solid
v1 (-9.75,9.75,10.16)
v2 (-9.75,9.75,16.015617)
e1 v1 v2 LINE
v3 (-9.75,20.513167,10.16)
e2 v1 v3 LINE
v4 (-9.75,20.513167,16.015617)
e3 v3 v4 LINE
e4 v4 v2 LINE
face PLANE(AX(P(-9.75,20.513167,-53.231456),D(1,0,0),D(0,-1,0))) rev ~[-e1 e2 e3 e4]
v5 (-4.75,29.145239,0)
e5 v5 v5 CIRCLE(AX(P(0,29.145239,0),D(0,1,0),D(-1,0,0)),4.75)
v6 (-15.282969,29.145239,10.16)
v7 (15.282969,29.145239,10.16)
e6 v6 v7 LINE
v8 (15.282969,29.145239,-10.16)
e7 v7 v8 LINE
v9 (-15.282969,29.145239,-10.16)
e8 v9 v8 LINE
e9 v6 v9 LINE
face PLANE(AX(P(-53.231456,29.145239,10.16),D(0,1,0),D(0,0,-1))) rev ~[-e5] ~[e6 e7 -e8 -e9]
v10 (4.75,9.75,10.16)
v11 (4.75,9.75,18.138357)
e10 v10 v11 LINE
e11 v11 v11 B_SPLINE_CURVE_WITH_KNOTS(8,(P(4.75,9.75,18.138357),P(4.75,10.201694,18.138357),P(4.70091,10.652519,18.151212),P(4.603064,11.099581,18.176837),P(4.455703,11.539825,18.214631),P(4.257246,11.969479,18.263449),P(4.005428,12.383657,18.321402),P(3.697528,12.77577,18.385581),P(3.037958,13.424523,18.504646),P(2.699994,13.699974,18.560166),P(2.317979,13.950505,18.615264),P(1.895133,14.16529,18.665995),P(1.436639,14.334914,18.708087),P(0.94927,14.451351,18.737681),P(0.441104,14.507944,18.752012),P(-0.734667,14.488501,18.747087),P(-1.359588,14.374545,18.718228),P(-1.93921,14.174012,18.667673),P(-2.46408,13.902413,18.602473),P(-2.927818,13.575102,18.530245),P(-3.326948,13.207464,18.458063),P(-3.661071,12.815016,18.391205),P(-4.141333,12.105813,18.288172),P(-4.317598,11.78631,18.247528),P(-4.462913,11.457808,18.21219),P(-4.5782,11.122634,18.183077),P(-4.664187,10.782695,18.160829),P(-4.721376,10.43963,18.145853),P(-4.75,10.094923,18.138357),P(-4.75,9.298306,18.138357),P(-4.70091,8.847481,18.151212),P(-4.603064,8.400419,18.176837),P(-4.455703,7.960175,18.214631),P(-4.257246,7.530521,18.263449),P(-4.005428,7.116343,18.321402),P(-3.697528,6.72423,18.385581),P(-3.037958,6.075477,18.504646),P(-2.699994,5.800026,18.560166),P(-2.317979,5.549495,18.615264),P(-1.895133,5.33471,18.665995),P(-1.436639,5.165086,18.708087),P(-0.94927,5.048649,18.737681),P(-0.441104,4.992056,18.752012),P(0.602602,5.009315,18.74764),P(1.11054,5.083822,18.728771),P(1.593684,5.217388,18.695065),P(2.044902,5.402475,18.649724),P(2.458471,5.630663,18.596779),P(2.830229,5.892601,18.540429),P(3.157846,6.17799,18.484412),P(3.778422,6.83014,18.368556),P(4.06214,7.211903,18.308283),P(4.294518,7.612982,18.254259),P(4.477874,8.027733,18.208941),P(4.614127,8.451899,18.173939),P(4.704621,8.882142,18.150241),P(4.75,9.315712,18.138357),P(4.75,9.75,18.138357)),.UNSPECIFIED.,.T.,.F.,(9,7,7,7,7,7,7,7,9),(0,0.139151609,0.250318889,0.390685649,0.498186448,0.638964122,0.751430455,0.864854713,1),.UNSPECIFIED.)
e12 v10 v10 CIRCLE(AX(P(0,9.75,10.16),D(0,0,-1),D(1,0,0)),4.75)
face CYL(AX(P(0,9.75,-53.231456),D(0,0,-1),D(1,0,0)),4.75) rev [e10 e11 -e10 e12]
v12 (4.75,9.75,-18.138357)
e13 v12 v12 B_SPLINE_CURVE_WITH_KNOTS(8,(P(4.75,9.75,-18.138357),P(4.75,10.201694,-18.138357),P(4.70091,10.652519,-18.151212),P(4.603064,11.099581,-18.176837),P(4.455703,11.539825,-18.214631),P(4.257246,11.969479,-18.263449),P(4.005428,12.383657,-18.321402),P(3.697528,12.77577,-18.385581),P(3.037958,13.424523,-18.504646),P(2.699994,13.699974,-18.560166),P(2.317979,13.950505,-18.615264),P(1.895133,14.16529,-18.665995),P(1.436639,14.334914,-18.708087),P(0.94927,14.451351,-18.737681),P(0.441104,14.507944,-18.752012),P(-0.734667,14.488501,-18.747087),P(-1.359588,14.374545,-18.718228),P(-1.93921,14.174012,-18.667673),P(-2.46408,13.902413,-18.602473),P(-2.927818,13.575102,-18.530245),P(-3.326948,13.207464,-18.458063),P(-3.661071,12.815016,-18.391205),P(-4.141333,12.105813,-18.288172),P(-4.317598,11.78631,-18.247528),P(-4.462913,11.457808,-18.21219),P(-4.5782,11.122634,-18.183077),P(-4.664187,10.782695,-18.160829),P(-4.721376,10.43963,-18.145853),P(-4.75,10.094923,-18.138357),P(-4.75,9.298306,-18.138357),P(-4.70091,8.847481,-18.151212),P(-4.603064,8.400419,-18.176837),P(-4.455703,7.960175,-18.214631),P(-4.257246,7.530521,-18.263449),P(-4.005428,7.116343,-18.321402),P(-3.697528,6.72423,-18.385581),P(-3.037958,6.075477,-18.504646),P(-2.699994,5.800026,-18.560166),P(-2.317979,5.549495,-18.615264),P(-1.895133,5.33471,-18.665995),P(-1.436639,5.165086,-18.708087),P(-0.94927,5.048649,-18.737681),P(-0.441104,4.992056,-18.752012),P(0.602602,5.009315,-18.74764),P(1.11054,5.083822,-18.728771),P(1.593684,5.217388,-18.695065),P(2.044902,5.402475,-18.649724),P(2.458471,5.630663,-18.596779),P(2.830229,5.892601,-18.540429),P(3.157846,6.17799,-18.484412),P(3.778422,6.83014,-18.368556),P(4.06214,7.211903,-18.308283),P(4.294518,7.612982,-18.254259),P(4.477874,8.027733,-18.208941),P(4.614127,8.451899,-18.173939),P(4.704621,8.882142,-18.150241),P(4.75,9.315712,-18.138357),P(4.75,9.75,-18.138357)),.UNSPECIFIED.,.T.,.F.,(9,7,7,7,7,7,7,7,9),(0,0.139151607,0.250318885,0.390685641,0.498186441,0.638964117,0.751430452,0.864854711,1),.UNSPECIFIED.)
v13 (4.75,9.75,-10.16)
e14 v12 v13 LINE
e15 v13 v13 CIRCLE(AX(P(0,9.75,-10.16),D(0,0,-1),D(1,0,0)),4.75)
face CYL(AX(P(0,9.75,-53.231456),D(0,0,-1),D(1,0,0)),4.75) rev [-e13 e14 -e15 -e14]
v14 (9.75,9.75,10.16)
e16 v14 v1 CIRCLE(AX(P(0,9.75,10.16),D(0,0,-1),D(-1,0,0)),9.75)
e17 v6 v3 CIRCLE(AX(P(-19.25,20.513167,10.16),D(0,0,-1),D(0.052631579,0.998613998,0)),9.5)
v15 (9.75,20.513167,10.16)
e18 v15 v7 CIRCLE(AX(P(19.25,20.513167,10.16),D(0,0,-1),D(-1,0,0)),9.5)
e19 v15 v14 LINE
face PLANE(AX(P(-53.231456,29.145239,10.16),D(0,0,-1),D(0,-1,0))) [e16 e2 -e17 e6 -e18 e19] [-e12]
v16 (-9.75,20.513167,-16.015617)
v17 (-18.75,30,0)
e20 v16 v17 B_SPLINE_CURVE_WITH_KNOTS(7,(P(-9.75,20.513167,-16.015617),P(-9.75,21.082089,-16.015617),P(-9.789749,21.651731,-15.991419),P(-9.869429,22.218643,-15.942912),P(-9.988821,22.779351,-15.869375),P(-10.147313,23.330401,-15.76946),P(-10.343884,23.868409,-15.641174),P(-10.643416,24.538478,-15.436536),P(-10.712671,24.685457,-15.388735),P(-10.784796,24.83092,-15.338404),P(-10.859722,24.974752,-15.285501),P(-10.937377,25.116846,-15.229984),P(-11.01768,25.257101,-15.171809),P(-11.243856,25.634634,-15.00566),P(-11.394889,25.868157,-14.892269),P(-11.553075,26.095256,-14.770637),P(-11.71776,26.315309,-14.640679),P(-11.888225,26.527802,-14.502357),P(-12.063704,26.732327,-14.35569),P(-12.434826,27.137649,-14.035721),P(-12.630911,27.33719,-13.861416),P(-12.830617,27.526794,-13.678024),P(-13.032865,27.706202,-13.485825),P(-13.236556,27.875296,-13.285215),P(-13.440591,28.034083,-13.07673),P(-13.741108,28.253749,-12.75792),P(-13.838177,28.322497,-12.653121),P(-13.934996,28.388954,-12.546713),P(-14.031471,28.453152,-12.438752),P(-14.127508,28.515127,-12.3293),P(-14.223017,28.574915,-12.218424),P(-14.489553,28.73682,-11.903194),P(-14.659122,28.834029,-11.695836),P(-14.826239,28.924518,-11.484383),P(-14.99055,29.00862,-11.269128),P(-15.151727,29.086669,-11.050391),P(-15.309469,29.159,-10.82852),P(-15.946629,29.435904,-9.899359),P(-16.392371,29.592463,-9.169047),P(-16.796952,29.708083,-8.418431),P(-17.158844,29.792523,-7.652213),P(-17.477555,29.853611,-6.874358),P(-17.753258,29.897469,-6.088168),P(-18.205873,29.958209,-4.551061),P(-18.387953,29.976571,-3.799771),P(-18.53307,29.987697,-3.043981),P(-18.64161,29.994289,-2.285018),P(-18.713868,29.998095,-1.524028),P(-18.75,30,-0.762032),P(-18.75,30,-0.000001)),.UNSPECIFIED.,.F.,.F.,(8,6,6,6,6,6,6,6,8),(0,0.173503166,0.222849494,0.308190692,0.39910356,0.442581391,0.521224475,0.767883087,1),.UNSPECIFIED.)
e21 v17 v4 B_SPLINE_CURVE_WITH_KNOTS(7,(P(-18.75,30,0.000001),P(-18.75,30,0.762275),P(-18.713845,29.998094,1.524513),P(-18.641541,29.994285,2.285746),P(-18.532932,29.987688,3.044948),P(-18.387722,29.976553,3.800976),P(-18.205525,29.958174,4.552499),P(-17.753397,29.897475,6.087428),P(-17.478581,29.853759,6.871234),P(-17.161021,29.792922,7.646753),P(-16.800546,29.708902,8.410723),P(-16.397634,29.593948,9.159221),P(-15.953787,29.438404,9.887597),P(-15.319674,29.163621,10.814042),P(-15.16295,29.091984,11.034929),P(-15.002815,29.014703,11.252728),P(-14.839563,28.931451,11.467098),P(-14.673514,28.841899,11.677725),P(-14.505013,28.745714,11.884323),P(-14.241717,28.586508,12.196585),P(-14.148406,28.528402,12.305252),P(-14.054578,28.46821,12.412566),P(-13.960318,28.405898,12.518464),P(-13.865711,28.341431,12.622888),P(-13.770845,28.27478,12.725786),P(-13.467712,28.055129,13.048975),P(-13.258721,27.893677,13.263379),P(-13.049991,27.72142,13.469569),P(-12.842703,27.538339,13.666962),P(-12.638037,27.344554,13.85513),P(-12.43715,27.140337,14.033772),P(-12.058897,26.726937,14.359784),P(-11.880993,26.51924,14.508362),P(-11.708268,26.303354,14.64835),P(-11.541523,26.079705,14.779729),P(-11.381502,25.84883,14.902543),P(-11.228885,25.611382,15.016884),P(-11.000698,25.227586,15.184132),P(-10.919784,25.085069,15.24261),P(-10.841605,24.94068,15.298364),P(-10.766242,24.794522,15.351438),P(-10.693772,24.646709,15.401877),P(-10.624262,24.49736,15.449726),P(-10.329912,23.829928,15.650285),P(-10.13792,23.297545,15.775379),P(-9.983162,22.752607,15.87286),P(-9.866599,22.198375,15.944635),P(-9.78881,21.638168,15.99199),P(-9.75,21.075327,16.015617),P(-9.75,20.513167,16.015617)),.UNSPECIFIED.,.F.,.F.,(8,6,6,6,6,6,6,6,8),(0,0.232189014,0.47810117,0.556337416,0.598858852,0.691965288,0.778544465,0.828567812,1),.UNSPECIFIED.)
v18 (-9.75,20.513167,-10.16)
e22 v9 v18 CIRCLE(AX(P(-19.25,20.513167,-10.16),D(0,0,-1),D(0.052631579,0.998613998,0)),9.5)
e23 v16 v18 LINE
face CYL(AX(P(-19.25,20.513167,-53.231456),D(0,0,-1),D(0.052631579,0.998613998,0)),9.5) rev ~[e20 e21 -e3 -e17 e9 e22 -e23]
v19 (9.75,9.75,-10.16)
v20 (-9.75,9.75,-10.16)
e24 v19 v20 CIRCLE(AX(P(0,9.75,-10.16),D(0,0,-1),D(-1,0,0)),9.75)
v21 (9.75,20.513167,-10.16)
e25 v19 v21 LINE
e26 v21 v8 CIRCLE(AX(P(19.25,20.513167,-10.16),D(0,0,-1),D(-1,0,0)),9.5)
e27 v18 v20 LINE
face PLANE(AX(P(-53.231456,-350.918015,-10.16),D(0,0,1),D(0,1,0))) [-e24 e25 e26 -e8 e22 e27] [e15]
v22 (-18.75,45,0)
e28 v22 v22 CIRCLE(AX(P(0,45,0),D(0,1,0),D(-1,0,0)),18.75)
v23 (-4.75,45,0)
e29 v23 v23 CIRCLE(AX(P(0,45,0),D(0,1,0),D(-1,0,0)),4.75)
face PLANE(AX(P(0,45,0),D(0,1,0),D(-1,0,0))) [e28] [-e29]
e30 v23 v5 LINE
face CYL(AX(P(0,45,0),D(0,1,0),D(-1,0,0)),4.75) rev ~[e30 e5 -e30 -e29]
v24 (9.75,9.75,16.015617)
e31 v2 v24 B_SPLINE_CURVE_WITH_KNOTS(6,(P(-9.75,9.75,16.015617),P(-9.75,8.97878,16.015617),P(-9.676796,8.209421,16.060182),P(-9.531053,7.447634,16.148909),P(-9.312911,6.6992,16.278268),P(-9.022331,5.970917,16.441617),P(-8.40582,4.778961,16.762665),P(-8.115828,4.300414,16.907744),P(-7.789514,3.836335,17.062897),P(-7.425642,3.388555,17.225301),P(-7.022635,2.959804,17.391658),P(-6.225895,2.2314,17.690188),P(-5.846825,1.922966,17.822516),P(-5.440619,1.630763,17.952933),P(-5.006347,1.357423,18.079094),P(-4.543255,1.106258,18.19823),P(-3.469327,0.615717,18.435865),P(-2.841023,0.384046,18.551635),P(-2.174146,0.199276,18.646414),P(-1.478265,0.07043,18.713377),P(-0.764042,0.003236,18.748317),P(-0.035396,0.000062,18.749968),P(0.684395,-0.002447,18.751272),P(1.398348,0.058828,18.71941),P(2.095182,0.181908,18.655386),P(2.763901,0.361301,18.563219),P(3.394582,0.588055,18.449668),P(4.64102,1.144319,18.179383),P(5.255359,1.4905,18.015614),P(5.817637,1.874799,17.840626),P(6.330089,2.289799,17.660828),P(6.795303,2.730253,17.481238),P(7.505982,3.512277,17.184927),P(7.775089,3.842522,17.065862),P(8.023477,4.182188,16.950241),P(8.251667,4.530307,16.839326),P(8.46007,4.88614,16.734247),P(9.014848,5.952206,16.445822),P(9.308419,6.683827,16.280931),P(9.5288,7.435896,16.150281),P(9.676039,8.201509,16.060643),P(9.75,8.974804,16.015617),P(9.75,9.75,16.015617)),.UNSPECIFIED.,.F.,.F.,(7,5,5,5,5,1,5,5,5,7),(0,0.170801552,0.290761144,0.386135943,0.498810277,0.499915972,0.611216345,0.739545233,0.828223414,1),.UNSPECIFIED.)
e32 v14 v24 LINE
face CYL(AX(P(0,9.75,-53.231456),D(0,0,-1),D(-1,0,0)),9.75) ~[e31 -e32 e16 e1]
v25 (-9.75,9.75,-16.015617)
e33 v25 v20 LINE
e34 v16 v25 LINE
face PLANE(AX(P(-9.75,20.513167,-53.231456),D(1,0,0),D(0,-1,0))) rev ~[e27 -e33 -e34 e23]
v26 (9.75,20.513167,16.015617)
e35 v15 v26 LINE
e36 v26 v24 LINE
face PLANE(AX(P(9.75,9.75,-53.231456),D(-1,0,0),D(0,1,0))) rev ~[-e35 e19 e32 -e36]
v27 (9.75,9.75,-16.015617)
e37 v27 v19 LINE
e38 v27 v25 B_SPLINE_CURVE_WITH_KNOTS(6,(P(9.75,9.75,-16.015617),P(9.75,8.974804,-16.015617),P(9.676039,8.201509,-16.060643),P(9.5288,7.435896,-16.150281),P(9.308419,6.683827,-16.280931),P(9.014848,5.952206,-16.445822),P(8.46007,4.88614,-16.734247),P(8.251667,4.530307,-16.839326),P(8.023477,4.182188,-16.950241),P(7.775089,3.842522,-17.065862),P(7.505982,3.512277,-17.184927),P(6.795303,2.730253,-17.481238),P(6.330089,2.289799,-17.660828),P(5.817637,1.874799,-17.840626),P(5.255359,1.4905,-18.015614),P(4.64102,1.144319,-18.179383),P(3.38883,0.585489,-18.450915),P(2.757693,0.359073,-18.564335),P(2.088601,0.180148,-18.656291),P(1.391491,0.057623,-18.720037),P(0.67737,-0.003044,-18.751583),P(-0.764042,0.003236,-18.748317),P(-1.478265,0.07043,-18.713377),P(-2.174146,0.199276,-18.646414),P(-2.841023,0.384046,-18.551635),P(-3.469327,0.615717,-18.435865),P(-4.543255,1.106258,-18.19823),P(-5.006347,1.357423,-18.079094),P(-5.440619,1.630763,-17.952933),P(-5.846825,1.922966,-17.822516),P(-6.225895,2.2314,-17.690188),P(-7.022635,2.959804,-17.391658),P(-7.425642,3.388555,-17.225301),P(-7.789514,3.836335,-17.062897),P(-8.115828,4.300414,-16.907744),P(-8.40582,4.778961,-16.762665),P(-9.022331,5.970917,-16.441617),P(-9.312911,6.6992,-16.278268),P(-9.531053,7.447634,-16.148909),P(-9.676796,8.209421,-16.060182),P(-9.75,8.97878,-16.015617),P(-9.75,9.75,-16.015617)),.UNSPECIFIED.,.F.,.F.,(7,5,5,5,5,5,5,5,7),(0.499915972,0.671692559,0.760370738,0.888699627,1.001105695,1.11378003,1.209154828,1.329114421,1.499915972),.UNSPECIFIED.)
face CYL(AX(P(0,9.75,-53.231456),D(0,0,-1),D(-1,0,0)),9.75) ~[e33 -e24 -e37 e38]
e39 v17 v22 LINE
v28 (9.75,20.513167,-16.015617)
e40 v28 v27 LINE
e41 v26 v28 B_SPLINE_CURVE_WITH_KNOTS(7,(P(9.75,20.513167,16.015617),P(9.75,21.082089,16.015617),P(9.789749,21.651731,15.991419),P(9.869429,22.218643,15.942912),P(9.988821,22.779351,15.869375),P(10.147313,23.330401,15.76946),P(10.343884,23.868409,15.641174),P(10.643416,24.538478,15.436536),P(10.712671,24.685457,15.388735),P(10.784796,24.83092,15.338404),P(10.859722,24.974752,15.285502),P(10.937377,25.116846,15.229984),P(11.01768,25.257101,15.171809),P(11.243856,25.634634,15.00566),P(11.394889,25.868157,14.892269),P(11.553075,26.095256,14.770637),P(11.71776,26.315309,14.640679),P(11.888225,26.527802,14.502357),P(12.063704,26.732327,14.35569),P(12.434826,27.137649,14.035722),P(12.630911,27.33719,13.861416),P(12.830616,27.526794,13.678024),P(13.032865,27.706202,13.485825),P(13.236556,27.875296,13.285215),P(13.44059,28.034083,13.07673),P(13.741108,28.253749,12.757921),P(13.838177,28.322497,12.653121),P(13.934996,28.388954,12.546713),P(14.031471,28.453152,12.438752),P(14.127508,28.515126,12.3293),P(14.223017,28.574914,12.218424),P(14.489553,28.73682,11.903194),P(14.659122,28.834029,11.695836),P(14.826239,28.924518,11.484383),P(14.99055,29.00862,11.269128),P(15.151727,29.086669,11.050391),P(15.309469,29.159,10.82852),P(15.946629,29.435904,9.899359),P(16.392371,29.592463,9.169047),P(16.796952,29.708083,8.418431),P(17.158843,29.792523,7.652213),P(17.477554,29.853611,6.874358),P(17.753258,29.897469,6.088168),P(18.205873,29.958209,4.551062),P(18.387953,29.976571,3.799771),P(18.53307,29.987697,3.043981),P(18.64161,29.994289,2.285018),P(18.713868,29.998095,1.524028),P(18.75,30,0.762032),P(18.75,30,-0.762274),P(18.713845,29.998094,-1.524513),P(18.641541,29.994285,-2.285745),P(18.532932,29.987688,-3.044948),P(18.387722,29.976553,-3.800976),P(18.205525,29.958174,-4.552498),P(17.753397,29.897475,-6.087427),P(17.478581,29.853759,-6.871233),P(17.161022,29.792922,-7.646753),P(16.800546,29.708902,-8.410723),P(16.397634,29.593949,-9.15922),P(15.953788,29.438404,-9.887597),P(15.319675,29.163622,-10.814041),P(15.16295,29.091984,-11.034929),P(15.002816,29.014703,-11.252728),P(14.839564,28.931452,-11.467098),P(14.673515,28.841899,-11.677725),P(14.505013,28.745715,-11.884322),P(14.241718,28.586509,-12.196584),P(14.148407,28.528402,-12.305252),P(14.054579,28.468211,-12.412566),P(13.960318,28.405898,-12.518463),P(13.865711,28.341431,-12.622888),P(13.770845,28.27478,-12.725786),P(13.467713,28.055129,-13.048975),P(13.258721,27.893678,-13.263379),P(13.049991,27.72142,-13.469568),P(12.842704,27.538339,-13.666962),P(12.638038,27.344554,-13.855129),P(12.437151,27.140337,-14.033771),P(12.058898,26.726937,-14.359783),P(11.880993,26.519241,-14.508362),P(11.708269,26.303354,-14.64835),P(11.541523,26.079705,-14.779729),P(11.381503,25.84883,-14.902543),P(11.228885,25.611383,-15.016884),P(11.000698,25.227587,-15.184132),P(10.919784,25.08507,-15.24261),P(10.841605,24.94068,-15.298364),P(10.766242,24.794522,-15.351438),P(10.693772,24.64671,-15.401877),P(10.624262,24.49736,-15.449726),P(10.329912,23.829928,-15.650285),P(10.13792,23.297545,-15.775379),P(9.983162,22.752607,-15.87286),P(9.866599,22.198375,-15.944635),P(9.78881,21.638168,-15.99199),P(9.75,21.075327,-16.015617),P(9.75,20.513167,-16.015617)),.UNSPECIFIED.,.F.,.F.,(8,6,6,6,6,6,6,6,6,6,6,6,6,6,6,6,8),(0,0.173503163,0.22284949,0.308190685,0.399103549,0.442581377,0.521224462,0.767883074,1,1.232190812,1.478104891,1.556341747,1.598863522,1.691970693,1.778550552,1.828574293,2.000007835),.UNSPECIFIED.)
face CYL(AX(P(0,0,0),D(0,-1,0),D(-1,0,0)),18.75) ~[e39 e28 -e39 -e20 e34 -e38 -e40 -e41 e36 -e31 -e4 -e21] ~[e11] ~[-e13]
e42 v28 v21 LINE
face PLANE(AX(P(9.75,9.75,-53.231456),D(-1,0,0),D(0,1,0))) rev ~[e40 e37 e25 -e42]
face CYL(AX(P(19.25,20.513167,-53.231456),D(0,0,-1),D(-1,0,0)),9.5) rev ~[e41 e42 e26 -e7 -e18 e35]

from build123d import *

# Parameters (mm, degrees)
SKETCH1_R               = 18.75
BASE_EXTRUDE_DEPTH      = 45
CUT_EXTRUDE1_DEPTH      = 53.231456039
CUT_EXTRUDE1_DEPTH_BACK = 53.231456039
CUT_EXTRUDE5_DEPTH      = 53.231456197
CUT_EXTRUDE5_DEPTH_BACK = 53.231456197
CUT_EXTRUDE6_DEPTH      = 53.231456197
CUT_EXTRUDE6_DEPTH_BACK = 53.231456197
SKETCH11_R              = 4.75
SKETCH12_R              = 4.75
CUT_EXTRUDE7_DEPTH      = 53.231456198


with BuildPart() as part:
    # Sketch1 → Base-Extrude (new body)
    with BuildSketch(Plane(origin=(0, 0, 0), x_dir=(-1, 0, 0), z_dir=(0, 1, 0))):
        Circle(SKETCH1_R)
    extrude(amount=BASE_EXTRUDE_DEPTH)

    # Sketch2 → Cut-Extrude1 (cut, two sides: drawn at the far end of the back side and taken through both)
    with BuildSketch(Plane.XY.offset(-CUT_EXTRUDE1_DEPTH_BACK)):
        with BuildLine():
            Line((-18.75, -127.153745139), (-18.75, 0))
            Line((-18.75, 0), (-18.75, 30))
            ThreePointArc((-18.75, 30), (-12.357975624, 27.051515435), (-9.75, 20.513167019))
            Line((-9.75, 20.513167019), (-9.75, 9.75))
            ThreePointArc((-9.75, 9.75), (0, 0), (9.75, 9.75))
            Line((9.75, 9.75), (9.75, 20.513167019))
            ThreePointArc((9.75, 20.513167019), (12.357975624, 27.051515435), (18.75, 30))
            Line((18.75, 30), (18.75, 0))
            Line((18.75, 0), (18.75, -127.153745139))
            Line((18.75, -127.153745139), (18.75, -381.461235416))
            Line((18.75, -381.461235416), (-18.75, -381.461235416))
            Line((-18.75, -381.461235416), (-18.75, -127.153745139))
        make_face()
    extrude(amount=CUT_EXTRUDE1_DEPTH + CUT_EXTRUDE1_DEPTH_BACK, mode=Mode.SUBTRACT)

    # Sketch8 → Cut-Extrude5 (cut, two sides: drawn at the far end of the back side and taken through both)
    with BuildSketch(Plane(origin=(0, 0, 0), x_dir=(0, 0, -1), z_dir=(1, 0, 0)).offset(-CUT_EXTRUDE5_DEPTH_BACK)):
        Polygon((-10.16, -116.972671553), (-10.16, 0), (-10.16, 29.145238826), (10.16, 29.145238826), (10.16, 0), (10.16, -116.972671553), (10.16, -350.918014658), (-10.16, -350.918014658), align=None)
    extrude(amount=CUT_EXTRUDE5_DEPTH + CUT_EXTRUDE5_DEPTH_BACK, mode=Mode.SUBTRACT)

    # Sketch11 → Cut-Extrude6 (cut, two sides: drawn at the far end of the back side and taken through both)
    with BuildSketch(Plane.XY.offset(-CUT_EXTRUDE6_DEPTH_BACK)):
        with Locations((0, 9.75)):
            Circle(SKETCH11_R)
    extrude(amount=CUT_EXTRUDE6_DEPTH + CUT_EXTRUDE6_DEPTH_BACK, mode=Mode.SUBTRACT)

    # Sketch12 → Cut-Extrude7 (cut, through all)
    with BuildSketch(Plane(origin=(0, 45, 0), x_dir=(-1, 0, 0), z_dir=(0, 1, 0))):
        Circle(SKETCH12_R)
    extrude(amount=-CUT_EXTRUDE7_DEPTH, mode=Mode.SUBTRACT)


solid = part.part
